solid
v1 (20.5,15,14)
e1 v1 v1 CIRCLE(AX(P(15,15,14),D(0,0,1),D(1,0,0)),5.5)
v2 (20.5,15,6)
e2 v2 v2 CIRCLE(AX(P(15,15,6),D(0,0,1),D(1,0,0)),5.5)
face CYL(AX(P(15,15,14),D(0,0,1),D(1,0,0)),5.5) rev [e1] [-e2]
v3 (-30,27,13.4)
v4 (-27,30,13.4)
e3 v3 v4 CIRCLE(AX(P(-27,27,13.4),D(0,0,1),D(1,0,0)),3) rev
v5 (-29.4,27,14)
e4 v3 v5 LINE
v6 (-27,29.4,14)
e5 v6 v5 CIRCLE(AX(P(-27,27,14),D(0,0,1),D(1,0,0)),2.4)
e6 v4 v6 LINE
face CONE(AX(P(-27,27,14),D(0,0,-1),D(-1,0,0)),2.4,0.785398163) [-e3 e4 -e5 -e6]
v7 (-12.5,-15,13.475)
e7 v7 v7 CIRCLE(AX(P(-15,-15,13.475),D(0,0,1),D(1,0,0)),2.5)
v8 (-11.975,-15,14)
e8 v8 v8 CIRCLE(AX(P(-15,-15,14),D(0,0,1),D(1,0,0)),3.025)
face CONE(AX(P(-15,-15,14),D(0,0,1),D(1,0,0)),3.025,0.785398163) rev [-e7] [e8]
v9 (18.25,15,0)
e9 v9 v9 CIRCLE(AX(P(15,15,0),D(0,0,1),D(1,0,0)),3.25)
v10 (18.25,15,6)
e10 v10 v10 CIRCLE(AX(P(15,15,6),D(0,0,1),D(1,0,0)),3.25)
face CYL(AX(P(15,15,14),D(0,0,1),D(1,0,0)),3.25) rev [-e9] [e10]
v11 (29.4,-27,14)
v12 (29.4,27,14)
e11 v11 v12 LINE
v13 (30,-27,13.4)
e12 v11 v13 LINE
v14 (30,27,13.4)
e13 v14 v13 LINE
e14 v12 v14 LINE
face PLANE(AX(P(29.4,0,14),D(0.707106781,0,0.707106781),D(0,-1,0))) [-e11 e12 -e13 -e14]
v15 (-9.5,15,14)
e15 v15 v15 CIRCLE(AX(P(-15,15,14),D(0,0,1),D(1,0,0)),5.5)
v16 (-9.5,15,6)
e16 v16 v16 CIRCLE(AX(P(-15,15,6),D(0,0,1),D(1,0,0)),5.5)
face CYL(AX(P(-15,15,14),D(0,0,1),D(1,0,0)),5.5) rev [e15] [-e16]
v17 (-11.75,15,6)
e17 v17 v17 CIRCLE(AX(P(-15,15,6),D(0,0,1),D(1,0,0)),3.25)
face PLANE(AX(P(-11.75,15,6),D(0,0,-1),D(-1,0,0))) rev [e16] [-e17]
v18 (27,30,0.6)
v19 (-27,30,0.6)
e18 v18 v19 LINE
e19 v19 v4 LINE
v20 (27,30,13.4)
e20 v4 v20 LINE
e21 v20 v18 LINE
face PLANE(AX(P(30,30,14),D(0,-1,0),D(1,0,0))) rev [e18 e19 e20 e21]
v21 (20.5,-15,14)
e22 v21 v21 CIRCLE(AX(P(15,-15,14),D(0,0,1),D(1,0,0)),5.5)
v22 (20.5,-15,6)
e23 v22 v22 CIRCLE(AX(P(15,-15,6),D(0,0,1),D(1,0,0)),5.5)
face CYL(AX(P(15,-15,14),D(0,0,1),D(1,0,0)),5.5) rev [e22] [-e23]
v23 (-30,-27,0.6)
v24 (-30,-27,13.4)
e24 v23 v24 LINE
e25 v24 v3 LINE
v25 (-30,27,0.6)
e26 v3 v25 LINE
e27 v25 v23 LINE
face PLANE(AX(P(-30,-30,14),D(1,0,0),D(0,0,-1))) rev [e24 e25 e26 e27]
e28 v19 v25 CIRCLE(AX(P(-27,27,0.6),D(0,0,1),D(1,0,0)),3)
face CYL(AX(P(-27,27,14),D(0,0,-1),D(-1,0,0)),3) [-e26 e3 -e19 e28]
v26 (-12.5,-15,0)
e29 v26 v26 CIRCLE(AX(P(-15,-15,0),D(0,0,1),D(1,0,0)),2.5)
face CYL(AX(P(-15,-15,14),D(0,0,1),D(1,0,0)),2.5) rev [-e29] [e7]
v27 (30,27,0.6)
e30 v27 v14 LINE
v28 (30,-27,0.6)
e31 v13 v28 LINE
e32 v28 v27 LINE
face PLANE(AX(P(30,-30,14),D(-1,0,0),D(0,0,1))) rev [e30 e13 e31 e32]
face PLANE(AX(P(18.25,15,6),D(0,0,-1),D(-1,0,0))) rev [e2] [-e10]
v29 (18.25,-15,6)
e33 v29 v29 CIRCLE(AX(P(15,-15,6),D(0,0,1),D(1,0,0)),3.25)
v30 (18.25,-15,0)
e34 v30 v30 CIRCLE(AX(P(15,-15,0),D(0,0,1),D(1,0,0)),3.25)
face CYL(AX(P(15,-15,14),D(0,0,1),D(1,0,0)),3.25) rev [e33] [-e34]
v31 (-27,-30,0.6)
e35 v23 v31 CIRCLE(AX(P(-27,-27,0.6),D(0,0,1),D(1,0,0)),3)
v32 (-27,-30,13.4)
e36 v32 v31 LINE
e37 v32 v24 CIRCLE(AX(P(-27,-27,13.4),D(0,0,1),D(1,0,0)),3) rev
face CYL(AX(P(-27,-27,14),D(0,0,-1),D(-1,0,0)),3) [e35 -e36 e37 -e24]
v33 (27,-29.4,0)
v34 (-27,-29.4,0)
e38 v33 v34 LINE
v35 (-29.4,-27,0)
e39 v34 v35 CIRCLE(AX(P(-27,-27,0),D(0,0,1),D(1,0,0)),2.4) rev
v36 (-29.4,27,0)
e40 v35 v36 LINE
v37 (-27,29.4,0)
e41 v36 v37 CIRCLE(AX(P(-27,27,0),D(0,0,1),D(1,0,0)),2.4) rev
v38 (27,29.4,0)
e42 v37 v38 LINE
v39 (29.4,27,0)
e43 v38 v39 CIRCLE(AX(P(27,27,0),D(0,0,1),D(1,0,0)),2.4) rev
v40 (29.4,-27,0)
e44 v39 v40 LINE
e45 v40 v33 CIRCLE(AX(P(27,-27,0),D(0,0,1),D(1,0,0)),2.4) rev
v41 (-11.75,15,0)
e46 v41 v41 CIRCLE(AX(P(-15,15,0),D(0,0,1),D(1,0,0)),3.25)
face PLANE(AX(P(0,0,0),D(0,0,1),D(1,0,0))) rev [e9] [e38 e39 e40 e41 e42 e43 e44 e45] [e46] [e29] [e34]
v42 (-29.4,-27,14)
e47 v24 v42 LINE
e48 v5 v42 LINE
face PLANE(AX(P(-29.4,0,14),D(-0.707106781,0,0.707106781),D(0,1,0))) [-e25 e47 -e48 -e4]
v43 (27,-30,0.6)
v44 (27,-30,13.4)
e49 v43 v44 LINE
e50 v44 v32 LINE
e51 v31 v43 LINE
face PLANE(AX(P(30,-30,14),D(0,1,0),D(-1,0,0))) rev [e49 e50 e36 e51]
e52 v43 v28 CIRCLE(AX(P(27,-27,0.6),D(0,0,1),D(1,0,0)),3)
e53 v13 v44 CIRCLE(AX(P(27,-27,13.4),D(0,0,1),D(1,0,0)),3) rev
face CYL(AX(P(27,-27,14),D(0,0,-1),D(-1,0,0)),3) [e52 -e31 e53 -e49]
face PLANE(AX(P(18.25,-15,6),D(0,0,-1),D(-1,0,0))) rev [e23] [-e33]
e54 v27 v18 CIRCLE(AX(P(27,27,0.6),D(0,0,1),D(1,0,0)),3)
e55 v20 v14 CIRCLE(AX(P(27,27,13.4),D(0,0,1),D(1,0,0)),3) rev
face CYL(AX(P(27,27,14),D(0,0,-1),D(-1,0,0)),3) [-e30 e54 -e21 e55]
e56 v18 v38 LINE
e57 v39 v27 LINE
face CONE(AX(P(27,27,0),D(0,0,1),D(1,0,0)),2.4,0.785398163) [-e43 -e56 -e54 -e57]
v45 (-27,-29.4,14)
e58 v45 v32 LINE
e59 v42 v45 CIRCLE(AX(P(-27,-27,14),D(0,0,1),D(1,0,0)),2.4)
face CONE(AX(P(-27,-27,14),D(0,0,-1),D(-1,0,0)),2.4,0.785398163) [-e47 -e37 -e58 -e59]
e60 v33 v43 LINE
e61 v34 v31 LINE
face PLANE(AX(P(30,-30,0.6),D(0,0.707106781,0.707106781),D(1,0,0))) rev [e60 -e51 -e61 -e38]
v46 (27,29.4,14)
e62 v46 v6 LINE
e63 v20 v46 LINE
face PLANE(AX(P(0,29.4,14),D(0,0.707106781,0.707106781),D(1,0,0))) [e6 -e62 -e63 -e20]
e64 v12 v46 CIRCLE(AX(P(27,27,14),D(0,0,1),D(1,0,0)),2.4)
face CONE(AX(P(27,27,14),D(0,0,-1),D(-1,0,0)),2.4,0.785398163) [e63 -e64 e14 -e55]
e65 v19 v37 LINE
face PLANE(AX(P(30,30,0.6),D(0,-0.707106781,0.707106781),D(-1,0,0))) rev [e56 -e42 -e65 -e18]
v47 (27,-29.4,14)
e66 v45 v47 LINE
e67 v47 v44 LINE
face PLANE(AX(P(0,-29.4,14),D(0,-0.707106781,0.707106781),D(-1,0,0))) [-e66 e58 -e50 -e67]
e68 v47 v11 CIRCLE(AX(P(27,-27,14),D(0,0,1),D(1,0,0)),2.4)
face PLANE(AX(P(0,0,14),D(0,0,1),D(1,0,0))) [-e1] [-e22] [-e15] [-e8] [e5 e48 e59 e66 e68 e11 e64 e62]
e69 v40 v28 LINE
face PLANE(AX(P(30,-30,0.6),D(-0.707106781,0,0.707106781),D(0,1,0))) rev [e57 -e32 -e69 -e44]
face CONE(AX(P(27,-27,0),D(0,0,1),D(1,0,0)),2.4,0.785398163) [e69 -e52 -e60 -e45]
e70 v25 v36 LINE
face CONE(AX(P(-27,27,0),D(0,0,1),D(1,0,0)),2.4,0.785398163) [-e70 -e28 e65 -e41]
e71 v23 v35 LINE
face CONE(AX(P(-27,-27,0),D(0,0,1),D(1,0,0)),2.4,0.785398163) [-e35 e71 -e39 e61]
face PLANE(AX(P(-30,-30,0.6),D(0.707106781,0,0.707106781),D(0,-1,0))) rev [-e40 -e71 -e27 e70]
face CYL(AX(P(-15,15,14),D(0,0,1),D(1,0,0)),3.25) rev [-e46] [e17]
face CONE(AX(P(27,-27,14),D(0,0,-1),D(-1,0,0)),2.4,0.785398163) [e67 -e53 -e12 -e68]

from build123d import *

# Parameters (mm, degrees)
SKETCH1_W                                           = 60
SKETCH1_H                                           = 60
BOSS_EXTRUDE1_DEPTH                                 = 14
CBORE_FOR_M6_HEX_SOCKET_HEAD_CAP_SCREW1_D           = 6.5
CBORE_FOR_M6_HEX_SOCKET_HEAD_CAP_SCREW1_CBORE_D     = 11
CBORE_FOR_M6_HEX_SOCKET_HEAD_CAP_SCREW1_CBORE_DEPTH = 8
M6_TAPPED_HOLE1_D                                   = 5
M6_TAPPED_HOLE1_CSINK_D                             = 6.05
M6_TAPPED_HOLE1_CSINK_ANGLE                         = 90
FILLET1_R                                           = 3
CHAMFER1_SIZE                                       = 0.6


with BuildPart() as part:
    # Sketch1 → Boss-Extrude1 (new body)
    with BuildSketch(Plane.XY):
        Rectangle(SKETCH1_W, SKETCH1_H)
    extrude(amount=BOSS_EXTRUDE1_DEPTH)

    # CBORE for M6 Hex Socket Head Cap Screw1 (through all)
    with Locations(Plane.XY.offset(14)):
        with Locations((-15, 15), (15, 15), (15, -15)):
            CounterBoreHole(CBORE_FOR_M6_HEX_SOCKET_HEAD_CAP_SCREW1_D / 2, CBORE_FOR_M6_HEX_SOCKET_HEAD_CAP_SCREW1_CBORE_D / 2, CBORE_FOR_M6_HEX_SOCKET_HEAD_CAP_SCREW1_CBORE_DEPTH)

    # M6 Tapped Hole1 (through all)
    with Locations(Plane.XY.offset(14)):
        with Locations((-15, -15)):
            CounterSinkHole(M6_TAPPED_HOLE1_D / 2, M6_TAPPED_HOLE1_CSINK_D / 2, counter_sink_angle=M6_TAPPED_HOLE1_CSINK_ANGLE)

    # Fillet1
    fillet1_edges = [part.edges().sort_by_distance(p)[0] for p in [
        (-30, 30, 7),
        (30, 30, 7),
        (30, -30, 7),
        (-30, -30, 7),
    ]]
    fillet(fillet1_edges, radius=FILLET1_R)

    # Chamfer1
    chamfer1_edges = [part.edges().sort_by_distance(p)[0] for p in [
        (-30, 0, 0),
        (-30, 0, 14),
        (0, 30, 0),
        (30, 0, 0),
        (0, -30, 0),
        (-29.121320344, -29.121320344, 0),
        (29.121320344, -29.121320344, 0),
        (29.121320344, 29.121320344, 0),
        (-29.121320344, 29.121320344, 0),
        (0, 30, 14),
        (0, -30, 14),
        (30, 0, 14),
        (-29.121320344, -29.121320344, 14),
        (29.121320344, -29.121320344, 14),
        (29.121320344, 29.121320344, 14),
        (-29.121320344, 29.121320344, 14),
    ]]
    chamfer(chamfer1_edges, length=CHAMFER1_SIZE)


solid = part.part
